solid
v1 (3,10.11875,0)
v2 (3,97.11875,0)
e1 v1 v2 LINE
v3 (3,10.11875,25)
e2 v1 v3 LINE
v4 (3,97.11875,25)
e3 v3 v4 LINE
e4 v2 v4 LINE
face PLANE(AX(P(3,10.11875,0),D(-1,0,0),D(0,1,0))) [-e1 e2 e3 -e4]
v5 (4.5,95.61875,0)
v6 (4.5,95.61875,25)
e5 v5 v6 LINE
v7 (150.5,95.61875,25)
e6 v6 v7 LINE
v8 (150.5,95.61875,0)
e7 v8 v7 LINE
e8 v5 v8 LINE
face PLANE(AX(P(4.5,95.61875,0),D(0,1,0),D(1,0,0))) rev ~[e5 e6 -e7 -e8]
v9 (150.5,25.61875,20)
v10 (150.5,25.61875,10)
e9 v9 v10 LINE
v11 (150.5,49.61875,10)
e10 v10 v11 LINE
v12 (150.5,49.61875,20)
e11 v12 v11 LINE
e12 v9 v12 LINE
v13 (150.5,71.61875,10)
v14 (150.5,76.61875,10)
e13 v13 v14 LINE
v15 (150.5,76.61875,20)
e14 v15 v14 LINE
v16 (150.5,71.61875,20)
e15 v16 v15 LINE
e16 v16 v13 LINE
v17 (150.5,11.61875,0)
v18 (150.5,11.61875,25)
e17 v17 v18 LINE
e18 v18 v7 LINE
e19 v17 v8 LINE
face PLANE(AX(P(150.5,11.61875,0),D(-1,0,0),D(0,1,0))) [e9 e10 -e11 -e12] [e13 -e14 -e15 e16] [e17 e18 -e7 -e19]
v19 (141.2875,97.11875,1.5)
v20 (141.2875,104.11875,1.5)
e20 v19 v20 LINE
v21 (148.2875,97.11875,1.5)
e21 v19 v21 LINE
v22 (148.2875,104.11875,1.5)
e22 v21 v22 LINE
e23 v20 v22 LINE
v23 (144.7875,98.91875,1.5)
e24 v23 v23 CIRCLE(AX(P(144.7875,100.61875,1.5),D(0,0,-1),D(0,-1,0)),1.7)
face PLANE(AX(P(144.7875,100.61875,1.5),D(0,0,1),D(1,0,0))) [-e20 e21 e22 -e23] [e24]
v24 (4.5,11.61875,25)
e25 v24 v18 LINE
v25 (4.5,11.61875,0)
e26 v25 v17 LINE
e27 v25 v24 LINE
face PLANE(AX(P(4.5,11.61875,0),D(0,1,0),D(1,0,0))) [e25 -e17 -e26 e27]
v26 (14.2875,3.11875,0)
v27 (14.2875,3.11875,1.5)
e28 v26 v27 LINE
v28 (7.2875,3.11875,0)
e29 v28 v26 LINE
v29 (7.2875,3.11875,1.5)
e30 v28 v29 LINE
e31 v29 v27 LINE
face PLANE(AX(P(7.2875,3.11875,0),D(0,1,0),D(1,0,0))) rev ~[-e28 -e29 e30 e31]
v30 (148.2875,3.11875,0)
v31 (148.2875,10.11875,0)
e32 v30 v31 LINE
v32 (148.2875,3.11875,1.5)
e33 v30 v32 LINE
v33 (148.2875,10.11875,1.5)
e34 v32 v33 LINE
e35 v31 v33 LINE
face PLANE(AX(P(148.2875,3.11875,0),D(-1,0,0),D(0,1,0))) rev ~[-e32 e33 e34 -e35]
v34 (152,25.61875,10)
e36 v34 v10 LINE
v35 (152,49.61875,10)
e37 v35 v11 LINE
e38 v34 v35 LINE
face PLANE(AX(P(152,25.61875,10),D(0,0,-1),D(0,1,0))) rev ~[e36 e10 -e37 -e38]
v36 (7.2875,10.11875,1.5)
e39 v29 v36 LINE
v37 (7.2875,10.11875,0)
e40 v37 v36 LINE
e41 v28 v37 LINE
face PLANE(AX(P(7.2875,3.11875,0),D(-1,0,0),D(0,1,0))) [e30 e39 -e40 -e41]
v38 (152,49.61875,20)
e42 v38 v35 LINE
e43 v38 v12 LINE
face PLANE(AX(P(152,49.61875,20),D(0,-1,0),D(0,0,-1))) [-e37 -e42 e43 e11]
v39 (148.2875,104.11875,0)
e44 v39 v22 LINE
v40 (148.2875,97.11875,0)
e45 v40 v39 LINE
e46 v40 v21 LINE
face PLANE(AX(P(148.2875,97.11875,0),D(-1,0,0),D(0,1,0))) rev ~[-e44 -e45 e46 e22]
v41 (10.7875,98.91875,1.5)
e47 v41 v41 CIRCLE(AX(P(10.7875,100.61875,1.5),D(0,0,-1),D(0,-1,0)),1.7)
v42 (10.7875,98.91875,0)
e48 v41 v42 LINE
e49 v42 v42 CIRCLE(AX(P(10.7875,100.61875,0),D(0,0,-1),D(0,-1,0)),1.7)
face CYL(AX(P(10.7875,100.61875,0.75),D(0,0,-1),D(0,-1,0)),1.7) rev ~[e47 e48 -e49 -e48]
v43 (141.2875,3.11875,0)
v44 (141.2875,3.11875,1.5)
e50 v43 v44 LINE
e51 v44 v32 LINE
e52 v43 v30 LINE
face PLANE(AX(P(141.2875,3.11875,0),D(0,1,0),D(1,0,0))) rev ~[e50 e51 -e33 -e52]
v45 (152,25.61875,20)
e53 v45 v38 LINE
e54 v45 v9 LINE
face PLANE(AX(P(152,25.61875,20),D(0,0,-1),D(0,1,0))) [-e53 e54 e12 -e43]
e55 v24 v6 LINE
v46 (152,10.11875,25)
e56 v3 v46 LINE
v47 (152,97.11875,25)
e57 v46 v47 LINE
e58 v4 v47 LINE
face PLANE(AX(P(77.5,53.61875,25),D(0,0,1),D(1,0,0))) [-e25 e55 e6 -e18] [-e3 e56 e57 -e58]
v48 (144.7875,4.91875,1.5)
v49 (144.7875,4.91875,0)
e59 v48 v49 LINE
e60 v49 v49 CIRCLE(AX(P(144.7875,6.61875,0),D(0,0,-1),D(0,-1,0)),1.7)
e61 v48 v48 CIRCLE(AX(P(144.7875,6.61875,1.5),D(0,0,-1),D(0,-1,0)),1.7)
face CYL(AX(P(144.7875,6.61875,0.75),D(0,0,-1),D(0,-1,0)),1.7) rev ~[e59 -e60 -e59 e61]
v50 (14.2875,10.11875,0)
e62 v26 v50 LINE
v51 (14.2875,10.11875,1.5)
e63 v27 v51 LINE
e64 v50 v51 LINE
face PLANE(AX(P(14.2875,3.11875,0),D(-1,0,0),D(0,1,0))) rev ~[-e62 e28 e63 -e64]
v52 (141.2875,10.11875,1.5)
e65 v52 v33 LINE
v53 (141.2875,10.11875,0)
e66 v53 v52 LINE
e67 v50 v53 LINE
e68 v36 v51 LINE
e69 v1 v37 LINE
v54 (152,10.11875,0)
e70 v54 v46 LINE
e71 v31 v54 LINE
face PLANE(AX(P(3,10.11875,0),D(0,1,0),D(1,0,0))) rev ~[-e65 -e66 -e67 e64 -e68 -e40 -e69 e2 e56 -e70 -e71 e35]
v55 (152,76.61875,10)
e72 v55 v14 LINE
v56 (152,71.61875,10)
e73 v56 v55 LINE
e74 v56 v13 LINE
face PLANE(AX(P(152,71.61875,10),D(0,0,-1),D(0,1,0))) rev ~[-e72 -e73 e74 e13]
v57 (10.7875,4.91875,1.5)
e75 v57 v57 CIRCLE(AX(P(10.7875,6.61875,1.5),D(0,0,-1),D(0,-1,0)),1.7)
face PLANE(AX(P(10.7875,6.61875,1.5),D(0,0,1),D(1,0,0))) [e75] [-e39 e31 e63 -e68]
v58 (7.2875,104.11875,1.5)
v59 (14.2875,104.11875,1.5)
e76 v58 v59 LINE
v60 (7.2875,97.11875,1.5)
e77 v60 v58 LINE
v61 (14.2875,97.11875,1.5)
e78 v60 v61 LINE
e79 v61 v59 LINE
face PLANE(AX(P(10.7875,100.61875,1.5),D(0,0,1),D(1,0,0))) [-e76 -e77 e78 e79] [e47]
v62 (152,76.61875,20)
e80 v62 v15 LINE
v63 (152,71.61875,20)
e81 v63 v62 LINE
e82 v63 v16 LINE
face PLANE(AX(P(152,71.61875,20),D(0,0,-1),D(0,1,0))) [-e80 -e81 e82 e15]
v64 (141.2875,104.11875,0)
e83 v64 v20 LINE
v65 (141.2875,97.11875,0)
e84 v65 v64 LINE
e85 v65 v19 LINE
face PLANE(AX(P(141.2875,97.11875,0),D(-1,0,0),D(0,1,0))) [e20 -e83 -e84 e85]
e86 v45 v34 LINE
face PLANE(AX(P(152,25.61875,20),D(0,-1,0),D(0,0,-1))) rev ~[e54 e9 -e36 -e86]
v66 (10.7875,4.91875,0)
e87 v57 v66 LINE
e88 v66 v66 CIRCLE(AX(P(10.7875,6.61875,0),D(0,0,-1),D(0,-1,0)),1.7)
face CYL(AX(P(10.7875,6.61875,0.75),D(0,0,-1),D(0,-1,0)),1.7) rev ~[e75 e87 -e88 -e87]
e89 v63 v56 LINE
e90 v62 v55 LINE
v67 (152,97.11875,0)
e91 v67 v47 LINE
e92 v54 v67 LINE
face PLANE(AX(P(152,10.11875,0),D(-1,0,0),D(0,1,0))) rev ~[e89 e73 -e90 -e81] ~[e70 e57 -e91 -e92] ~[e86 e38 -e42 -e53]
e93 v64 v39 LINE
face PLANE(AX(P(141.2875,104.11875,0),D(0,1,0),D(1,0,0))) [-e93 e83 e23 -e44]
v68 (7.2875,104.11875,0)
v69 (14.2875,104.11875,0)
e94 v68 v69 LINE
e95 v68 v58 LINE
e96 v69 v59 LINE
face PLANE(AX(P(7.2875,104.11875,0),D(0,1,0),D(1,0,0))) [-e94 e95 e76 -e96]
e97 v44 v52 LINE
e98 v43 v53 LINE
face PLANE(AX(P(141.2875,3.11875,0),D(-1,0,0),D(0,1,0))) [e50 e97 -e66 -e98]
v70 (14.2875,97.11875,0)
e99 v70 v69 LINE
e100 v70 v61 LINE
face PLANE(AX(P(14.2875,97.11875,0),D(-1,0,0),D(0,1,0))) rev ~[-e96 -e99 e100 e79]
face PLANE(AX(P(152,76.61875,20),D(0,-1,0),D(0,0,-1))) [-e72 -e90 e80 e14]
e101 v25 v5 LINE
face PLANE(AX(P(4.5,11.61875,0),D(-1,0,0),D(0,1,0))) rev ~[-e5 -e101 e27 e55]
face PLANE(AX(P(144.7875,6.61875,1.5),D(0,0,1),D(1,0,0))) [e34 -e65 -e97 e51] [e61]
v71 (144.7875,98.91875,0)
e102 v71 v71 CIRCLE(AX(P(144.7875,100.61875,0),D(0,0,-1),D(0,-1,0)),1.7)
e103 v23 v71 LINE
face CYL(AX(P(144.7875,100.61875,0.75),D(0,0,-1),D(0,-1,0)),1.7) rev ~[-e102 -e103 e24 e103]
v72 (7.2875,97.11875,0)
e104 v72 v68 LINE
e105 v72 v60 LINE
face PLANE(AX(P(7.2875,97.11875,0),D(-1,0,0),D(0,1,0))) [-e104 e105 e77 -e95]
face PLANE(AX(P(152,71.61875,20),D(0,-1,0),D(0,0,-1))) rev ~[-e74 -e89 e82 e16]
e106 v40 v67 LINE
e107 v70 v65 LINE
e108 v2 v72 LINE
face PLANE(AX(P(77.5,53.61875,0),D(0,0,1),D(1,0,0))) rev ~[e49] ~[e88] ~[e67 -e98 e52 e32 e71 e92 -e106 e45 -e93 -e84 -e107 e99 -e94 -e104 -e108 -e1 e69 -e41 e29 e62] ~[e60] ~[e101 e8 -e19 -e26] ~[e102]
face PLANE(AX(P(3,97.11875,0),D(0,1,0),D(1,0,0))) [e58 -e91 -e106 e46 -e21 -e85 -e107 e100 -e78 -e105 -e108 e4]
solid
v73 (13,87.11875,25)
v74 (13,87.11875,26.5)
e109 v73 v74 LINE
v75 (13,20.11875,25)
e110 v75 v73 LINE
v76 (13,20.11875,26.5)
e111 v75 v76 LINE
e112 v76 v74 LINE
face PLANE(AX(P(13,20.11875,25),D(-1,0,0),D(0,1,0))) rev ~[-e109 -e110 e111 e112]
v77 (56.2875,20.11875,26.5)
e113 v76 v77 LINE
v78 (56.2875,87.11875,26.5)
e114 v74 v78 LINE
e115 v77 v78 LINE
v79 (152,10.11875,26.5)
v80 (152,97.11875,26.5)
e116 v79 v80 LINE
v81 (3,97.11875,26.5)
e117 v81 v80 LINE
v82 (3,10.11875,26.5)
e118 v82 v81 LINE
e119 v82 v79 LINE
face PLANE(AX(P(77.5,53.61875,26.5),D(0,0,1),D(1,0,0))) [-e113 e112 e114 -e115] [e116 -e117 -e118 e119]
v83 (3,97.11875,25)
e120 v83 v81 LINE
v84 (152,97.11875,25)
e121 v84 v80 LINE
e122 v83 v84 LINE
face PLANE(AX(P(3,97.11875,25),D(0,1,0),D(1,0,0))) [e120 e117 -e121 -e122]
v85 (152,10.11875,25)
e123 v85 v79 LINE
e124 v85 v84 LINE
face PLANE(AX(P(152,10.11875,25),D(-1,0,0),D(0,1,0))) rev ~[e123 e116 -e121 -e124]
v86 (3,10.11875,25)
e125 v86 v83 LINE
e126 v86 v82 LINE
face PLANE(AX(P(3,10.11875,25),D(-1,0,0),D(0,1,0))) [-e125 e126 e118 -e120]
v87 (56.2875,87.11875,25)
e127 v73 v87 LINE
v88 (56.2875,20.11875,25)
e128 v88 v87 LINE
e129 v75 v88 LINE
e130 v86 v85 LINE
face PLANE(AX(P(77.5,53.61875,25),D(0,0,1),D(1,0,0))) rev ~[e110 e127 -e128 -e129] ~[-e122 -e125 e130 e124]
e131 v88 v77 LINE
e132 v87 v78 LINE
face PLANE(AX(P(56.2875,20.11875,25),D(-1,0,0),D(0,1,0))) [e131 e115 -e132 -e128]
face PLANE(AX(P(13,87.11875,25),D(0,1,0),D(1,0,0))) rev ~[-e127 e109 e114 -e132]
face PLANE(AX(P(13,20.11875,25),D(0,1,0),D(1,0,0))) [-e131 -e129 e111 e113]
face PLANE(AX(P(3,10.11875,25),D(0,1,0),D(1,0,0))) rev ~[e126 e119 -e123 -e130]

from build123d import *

# Parameters (mm, degrees)
SKETCH1_W                     = 149
SKETCH1_H                     = 87
SKETCH1_W_2                   = 146
SKETCH1_H_2                   = 84
BOSS_EXTRUDE1_DEPTH           = 25
SKETCH2_W                     = 149
SKETCH2_H                     = 87
SKETCH2_W_2                   = 43.2875
SKETCH2_H_2                   = 67
BOSS_EXTRUDE2_DEPTH           = 1.5
SKETCH3_W                     = 7
SKETCH3_H                     = 7
BOSS_EXTRUDE3_DEPTH           = 1.5
SKETCH5_W                     = 1.7
SKETCH5_H                     = 1.5
M3_CLEARANCE_HOLE1_AT_2_COUNT = 2
M3_CLEARANCE_HOLE1_AT_2_PITCH = 94
M3_CLEARANCE_HOLE1_AT_3_COUNT = 2
M3_CLEARANCE_HOLE1_AT_3_PITCH = 134
M3_CLEARANCE_HOLE1_AT_4_COUNT = 2
M3_CLEARANCE_HOLE1_AT_4_PITCH = 163.682619725
SKETCH9_W                     = 10
SKETCH9_H                     = 24
SKETCH9_H_2                   = 5
CUT_EXTRUDE1_DEPTH            = 1.5


with BuildPart() as part:
    # Sketch1 → Boss-Extrude1 (new body)
    with BuildSketch(Plane.XY):
        with Locations((77.5, 53.618750014)):
            Rectangle(SKETCH1_W, SKETCH1_H)
        with Locations((77.5, 53.618750014)):
            Rectangle(SKETCH1_W_2, SKETCH1_H_2, mode=Mode.SUBTRACT)
    extrude(amount=BOSS_EXTRUDE1_DEPTH)

    # Sketch3 → Boss-Extrude3 (add)
    with BuildSketch(Plane.XY):
        with Locations((10.7875, 100.618750014)):
            Rectangle(SKETCH3_W, SKETCH3_H)
        with Locations((10.7875, 6.618750014)):
            Rectangle(SKETCH3_W, SKETCH3_H)
        with Locations((144.7875, 6.618750014)):
            Rectangle(SKETCH3_W, SKETCH3_H)
        with Locations((144.7875, 100.618750014)):
            Rectangle(SKETCH3_W, SKETCH3_H)
    extrude(amount=BOSS_EXTRUDE3_DEPTH)

    # Sketch5 → M3 Clearance Hole1 (revolve, cut)
    with BuildSketch(Plane(origin=(10.7875, 6.618750014, 1.5), x_dir=(0, -1, 0), z_dir=(1, 0, 0))):
        with Locations((0.85, 0.75)):
            Rectangle(SKETCH5_W, SKETCH5_H)
    m3_clearance_hole1 = revolve(axis=Axis((10.7875, 6.618750014, 7.85), (0, 0, -1)), mode=Mode.SUBTRACT)

    # M3 Clearance Hole1 at 2: M3 Clearance Hole1 ×2
    with Locations(*[(0, i * M3_CLEARANCE_HOLE1_AT_2_PITCH, 0) for i in range(1, M3_CLEARANCE_HOLE1_AT_2_COUNT)]):
        add(m3_clearance_hole1, mode=Mode.SUBTRACT)

    # M3 Clearance Hole1 at 3: M3 Clearance Hole1 ×2
    with Locations(*[(i * M3_CLEARANCE_HOLE1_AT_3_PITCH, 0, 0) for i in range(1, M3_CLEARANCE_HOLE1_AT_3_COUNT)]):
        add(m3_clearance_hole1, mode=Mode.SUBTRACT)

    # M3 Clearance Hole1 at 4: M3 Clearance Hole1 ×2
    with Locations(*[Vector(0.8186574739897755, 0.5742821086196923, 0) * (i * M3_CLEARANCE_HOLE1_AT_4_PITCH) for i in range(1, M3_CLEARANCE_HOLE1_AT_4_COUNT)]):
        add(m3_clearance_hole1, mode=Mode.SUBTRACT)

    # Sketch9 → Cut-Extrude1 (cut)
    with BuildSketch(Plane(origin=(152, 0, 0), x_dir=(0, 0, -1), z_dir=(1, 0, 0))):
        with Locations((-15, 37.618750014)):
            Rectangle(SKETCH9_W, SKETCH9_H)
        with Locations((-15, 74.118750014)):
            Rectangle(SKETCH9_W, SKETCH9_H_2)
    extrude(amount=-CUT_EXTRUDE1_DEPTH, mode=Mode.SUBTRACT)


with BuildPart() as body_2:
    # Sketch2 → Boss-Extrude2 (new body)
    with BuildSketch(Plane.XY.offset(25)):
        with Locations((77.5, 53.618750014)):
            Rectangle(SKETCH2_W, SKETCH2_H)
        with Locations((34.64375, 53.618750014)):
            Rectangle(SKETCH2_W_2, SKETCH2_H_2, mode=Mode.SUBTRACT)
    extrude(amount=BOSS_EXTRUDE2_DEPTH)


solid = Compound([part.part, body_2.part])
